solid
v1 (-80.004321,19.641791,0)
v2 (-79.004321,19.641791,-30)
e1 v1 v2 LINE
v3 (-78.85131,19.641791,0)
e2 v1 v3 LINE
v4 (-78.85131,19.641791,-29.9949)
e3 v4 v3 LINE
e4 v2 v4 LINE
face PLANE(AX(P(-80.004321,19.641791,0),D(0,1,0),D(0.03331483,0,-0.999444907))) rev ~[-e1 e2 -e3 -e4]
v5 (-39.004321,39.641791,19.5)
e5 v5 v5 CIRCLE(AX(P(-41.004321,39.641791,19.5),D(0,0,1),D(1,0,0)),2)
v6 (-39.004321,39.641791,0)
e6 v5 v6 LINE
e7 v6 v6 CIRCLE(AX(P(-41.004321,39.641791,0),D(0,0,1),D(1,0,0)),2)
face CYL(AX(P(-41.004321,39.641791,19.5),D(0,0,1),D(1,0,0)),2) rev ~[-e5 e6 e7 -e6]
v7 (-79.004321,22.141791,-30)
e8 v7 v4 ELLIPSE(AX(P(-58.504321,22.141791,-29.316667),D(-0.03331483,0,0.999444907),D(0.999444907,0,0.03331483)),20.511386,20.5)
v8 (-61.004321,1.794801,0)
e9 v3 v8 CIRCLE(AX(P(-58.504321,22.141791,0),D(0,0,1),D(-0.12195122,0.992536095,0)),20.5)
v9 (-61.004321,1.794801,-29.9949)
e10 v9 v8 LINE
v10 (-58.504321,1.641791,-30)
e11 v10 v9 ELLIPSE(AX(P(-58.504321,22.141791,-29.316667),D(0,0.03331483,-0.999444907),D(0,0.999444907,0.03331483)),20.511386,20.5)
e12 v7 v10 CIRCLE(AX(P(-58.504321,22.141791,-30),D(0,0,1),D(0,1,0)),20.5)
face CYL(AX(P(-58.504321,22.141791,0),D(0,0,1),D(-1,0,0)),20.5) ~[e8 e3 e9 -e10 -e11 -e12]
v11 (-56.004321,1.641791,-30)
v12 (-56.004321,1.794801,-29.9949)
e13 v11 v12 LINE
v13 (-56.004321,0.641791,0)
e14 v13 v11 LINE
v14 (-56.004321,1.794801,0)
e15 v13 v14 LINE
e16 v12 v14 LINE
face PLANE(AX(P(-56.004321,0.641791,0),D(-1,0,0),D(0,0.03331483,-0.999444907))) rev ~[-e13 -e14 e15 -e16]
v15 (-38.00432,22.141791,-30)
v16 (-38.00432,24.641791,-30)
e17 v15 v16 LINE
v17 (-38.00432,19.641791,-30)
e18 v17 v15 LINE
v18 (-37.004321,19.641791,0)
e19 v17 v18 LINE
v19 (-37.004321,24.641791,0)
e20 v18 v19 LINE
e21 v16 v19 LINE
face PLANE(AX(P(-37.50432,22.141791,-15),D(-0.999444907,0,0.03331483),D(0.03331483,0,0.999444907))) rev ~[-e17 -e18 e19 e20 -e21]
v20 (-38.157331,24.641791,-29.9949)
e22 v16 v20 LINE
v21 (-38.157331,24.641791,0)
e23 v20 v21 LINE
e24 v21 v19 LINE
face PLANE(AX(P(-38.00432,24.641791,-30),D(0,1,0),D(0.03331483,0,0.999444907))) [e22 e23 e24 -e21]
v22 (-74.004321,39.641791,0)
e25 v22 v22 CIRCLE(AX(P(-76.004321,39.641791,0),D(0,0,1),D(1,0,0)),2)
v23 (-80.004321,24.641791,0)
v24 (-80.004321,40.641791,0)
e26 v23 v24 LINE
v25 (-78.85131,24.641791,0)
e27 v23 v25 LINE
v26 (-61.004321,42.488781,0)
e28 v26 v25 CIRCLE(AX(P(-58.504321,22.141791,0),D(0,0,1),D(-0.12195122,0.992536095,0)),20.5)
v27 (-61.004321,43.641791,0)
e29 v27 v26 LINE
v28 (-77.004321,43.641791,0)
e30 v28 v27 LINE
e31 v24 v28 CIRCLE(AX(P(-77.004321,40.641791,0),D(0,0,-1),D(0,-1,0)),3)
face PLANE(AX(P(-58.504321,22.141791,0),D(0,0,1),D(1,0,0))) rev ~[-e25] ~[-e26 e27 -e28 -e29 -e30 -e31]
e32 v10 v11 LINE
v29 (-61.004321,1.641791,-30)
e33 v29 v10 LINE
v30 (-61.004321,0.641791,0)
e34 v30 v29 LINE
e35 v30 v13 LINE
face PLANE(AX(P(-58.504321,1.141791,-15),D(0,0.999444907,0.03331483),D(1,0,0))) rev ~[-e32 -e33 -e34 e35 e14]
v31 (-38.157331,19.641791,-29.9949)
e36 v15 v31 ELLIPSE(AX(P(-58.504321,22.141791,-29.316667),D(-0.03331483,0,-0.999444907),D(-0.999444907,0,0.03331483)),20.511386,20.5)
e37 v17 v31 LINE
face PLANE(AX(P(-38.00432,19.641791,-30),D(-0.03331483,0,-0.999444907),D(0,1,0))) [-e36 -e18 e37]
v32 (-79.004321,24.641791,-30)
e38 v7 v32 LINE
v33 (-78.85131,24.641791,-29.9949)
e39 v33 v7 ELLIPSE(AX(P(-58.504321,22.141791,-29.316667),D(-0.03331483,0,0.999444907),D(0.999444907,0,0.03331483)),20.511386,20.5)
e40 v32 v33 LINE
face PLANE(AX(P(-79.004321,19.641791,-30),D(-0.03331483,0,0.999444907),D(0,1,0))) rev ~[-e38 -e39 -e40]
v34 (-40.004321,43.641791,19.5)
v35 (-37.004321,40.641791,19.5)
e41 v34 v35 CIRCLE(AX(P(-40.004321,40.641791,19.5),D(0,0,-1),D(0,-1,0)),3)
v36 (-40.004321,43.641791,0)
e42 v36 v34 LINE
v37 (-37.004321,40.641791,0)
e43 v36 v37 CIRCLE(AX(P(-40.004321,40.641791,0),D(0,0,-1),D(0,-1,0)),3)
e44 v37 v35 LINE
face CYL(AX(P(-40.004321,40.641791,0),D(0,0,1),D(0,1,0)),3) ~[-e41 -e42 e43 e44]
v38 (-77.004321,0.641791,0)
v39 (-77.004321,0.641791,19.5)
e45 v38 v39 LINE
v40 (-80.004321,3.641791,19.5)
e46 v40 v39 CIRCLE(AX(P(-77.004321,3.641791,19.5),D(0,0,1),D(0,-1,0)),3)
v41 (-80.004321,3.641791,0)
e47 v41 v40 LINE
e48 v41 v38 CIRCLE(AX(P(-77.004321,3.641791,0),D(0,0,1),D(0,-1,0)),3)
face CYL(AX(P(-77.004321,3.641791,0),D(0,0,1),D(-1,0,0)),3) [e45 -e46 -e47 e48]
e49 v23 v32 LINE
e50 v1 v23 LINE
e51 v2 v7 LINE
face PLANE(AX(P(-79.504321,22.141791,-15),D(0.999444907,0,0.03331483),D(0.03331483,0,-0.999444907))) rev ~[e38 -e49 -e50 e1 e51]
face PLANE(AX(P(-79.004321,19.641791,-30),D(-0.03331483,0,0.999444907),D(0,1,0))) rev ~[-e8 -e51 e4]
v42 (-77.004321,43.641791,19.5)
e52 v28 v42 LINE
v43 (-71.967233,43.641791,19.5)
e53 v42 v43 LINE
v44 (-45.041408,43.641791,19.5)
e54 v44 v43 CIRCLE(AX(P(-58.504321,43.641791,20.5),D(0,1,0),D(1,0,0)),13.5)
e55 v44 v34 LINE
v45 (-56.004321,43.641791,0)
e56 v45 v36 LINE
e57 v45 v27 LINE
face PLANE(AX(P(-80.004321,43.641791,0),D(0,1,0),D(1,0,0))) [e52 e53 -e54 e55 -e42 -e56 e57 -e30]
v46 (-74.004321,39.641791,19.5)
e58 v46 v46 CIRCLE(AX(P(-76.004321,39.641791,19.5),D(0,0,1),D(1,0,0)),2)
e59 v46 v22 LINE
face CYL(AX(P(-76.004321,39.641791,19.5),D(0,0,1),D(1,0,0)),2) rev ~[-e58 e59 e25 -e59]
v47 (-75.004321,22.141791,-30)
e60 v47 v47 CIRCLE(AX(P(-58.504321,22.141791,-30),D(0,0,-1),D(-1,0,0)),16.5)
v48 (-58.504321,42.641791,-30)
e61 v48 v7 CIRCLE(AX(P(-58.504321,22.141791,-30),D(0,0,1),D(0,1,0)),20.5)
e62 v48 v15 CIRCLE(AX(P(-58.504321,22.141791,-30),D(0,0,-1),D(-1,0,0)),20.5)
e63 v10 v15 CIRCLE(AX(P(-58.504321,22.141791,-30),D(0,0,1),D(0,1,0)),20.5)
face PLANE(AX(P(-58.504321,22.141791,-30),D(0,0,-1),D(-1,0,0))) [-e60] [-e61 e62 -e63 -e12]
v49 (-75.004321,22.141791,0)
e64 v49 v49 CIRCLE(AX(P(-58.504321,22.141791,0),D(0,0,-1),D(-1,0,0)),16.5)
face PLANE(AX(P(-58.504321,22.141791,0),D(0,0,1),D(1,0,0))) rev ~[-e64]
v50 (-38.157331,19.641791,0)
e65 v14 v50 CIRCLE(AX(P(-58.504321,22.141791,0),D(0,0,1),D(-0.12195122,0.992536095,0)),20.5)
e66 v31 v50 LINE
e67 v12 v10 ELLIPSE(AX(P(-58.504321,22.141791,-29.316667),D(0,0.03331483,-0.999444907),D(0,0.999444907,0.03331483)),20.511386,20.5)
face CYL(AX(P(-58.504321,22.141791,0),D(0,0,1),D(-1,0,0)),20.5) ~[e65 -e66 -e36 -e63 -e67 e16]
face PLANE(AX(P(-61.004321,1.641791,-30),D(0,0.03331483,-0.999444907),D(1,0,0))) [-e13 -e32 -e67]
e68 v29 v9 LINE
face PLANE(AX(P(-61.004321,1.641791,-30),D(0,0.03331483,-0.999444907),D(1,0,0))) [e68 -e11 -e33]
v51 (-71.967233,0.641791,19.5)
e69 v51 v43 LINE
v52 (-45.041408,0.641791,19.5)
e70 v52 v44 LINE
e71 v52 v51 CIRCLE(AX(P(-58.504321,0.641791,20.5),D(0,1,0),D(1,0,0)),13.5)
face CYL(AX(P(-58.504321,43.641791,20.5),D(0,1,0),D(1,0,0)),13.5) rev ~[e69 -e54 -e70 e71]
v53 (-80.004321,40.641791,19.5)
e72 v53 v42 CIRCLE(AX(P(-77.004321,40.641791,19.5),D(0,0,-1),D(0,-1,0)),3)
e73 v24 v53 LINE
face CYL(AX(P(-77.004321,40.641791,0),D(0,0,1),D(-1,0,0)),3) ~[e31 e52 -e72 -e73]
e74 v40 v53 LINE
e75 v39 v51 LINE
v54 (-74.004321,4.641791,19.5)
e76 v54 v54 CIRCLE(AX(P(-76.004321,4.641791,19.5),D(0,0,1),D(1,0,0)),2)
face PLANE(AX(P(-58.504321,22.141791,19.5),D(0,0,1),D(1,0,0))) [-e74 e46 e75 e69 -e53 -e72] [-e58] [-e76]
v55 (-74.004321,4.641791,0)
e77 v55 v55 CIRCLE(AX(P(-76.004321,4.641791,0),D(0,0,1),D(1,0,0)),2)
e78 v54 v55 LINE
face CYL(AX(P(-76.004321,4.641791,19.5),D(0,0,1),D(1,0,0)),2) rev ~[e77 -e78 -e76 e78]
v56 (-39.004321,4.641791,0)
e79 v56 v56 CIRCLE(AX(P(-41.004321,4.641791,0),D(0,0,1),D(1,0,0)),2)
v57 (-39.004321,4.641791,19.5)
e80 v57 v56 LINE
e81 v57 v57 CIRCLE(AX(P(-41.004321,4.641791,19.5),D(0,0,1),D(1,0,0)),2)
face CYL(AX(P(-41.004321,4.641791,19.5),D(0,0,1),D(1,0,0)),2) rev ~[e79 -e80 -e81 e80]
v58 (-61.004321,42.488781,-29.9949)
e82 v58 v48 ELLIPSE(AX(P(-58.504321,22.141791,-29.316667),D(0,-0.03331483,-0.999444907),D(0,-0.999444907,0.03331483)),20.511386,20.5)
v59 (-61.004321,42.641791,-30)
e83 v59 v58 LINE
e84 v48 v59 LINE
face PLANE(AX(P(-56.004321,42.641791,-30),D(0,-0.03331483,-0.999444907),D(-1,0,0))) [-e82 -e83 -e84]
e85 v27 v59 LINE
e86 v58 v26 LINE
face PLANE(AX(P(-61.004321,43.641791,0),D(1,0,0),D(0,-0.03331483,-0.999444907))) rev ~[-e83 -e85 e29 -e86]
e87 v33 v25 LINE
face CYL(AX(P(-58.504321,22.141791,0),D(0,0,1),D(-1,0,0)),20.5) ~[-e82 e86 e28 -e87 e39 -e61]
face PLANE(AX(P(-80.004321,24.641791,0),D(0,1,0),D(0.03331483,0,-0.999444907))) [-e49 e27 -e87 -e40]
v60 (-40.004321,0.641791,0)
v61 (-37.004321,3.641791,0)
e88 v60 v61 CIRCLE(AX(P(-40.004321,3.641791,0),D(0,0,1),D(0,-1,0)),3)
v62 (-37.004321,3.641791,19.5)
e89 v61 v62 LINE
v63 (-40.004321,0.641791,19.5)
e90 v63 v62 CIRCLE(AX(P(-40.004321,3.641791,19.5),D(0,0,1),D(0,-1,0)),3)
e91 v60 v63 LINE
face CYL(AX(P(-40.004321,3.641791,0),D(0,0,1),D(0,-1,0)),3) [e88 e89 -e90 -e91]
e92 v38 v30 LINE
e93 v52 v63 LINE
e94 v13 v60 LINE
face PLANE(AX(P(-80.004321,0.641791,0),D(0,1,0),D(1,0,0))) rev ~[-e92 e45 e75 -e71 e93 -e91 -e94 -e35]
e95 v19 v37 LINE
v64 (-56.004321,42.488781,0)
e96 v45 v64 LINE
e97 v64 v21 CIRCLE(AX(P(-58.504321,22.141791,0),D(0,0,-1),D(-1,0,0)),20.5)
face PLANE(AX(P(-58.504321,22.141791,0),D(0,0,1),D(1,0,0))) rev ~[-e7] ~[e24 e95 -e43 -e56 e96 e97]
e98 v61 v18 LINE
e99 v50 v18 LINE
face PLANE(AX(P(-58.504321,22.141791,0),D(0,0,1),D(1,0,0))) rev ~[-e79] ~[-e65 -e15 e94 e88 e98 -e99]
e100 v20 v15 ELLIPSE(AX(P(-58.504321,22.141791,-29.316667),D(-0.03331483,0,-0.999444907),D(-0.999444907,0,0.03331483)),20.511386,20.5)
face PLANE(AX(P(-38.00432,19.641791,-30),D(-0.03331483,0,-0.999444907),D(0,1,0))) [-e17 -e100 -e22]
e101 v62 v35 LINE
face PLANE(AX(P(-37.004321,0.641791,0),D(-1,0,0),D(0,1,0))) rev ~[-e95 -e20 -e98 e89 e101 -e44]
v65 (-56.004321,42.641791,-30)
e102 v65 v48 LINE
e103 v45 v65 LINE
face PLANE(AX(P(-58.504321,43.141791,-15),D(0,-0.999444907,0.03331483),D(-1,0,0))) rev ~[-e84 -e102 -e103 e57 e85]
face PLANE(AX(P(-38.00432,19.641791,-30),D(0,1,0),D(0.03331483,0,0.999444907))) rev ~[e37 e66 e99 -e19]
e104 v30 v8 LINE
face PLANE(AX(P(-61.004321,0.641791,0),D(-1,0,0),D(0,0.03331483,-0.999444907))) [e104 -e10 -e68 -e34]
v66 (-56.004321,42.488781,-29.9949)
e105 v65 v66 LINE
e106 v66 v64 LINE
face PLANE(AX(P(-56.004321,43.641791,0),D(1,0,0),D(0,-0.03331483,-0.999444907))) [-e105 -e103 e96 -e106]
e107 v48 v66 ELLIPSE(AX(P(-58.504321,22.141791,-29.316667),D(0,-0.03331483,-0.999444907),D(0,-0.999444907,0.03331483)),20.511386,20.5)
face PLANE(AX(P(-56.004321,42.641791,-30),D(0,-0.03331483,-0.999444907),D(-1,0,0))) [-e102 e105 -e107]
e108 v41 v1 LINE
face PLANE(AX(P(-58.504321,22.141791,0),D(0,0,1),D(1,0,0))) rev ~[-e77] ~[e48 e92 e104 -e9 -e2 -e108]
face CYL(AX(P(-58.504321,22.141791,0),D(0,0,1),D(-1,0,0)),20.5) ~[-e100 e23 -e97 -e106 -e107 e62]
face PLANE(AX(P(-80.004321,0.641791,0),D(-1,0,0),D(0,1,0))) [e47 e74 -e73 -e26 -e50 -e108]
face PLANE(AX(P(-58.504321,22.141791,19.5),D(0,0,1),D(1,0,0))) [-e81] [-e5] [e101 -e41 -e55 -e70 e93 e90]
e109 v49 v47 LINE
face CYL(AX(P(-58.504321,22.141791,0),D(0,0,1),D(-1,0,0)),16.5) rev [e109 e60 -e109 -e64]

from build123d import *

# Parameters (mm, degrees)
CROQUIS1_W              = 43
CROQUIS1_H              = 43
SALIENTE_EXTRUIR1_DEPTH = 19.5
CROQUIS2_R              = 13.5
CORTAR_EXTRUIR1_DEPTH   = 44
CROQUIS3_R              = 2
CORTAR_EXTRUIR2_DEPTH   = 20.5
REDONDEO1_R             = 3
CROQUIS5_R              = 20.5
CROQUIS5_R_2            = 16.5
SALIENTE_EXTRUIR2_DEPTH = 30
EXTRUIR_L_MINA1_REACH   = 45.626
CROQUIS7_W              = 5
CROQUIS7_H              = 30.01666204
EXTRUIR_L_MINA2_REACH   = 45.626
CROQUIS8_W              = 30.01666204
CROQUIS8_H              = 5
EXTRUIR_L_MINA3_REACH   = 45.626
CROQUIS9_W              = 5
CROQUIS9_H              = 30.016662039
EXTRUIR_L_MINA4_REACH   = 45.626
CROQUIS10_W             = 30.016662039
CROQUIS10_H             = 5


with BuildPart() as part:
    # Croquis1 → Saliente-Extruir1 (new body)
    with BuildSketch(Plane.XY):
        with Locations((-58.504320503, 22.141791045)):
            Rectangle(CROQUIS1_W, CROQUIS1_H)
    extrude(amount=SALIENTE_EXTRUIR1_DEPTH)

    # Croquis2 → Cortar-Extruir1 (cut, through all)
    with BuildSketch(Plane(origin=(0, 43.641791045, 0), x_dir=(1, 0, 0), z_dir=(0, 1, 0))):
        with Locations((-58.504320503, -20.5)):
            Circle(CROQUIS2_R)
    extrude(amount=-CORTAR_EXTRUIR1_DEPTH, mode=Mode.SUBTRACT)

    # Croquis3 → Cortar-Extruir2 (cut, through all)
    with BuildSketch(Plane.XY.offset(19.5)):
        with Locations((-76.004320503, 39.641791045)):
            Circle(CROQUIS3_R)
        with Locations((-41.004320503, 39.641791045)):
            Circle(CROQUIS3_R)
        with Locations((-41.004320503, 4.641791045)):
            Circle(CROQUIS3_R)
        with Locations((-76.004320503, 4.641791045)):
            Circle(CROQUIS3_R)
    extrude(amount=-CORTAR_EXTRUIR2_DEPTH, mode=Mode.SUBTRACT)

    # Redondeo1
    redondeo1_edges = [part.edges().sort_by_distance(p)[0] for p in [
        (-80.004320503, 43.641791045, 9.75),
        (-37.004320503, 43.641791045, 9.75),
        (-37.004320503, 0.641791045, 9.75),
        (-80.004320503, 0.641791045, 9.75),
    ]]
    fillet(redondeo1_edges, radius=REDONDEO1_R)

    # Croquis5 → Saliente-Extruir2 (add)
    with BuildSketch(Plane(origin=(0, 0, 0), x_dir=(-1, 0, 0), z_dir=(0, 0, -1))):
        with Locations((58.504320503, 22.141791045)):
            Circle(CROQUIS5_R)
        with Locations((58.504320503, 22.141791045)):
            Circle(CROQUIS5_R_2, mode=Mode.SUBTRACT)
    extrude(amount=SALIENTE_EXTRUIR2_DEPTH)

    # Croquis7 → Extruir-Lámina1 (add, up to next)
    with BuildSketch(Plane(origin=(0, 43.593353985, -1.453111799), x_dir=(-1, 0, 0), z_dir=(0, -0.999444907, 0.03331483)), mode=Mode.PRIVATE) as extruir_l_mina1_sk1:
        with Locations((58.504320503, 13.55441216)):
            Rectangle(CROQUIS7_W, CROQUIS7_H)
    extruir_l_mina1_tool1 = extrude(extruir_l_mina1_sk1.sketch, amount=EXTRUIR_L_MINA1_REACH, mode=Mode.PRIVATE) - part.part
    add(extruir_l_mina1_tool1.solids().sort_by_distance((-58.504321, 43.141791, -15))[0])

    # Croquis8 → Extruir-Lámina2 (add, up to next)
    with BuildSketch(Plane(origin=(-36.963250225, 0, 1.232108341), x_dir=(0.03331483, 0, 0.999444907), z_dir=(-0.999444907, 0, 0.03331483)), mode=Mode.PRIVATE) as extruir_l_mina2_sk1:
        with Locations((-16.241123675, 22.141791045)):
            Rectangle(CROQUIS8_W, CROQUIS8_H)
    extruir_l_mina2_tool1 = extrude(extruir_l_mina2_sk1.sketch, amount=EXTRUIR_L_MINA2_REACH, mode=Mode.PRIVATE) - part.part
    add(extruir_l_mina2_tool1.solids().sort_by_distance((-37.504321, 22.141791, -15))[0])

    # Croquis9 → Extruir-Lámina3 (add, up to next)
    with BuildSketch(Plane(origin=(0, 0.641078735, 0.021369291), x_dir=(1, 0, 0), z_dir=(0, 0.999444907, 0.03331483)), mode=Mode.PRIVATE) as extruir_l_mina3_sk1:
        with Locations((-58.504320503, 15.02971218)):
            Rectangle(CROQUIS9_W, CROQUIS9_H)
    extruir_l_mina3_tool1 = extrude(extruir_l_mina3_sk1.sketch, amount=EXTRUIR_L_MINA3_REACH, mode=Mode.PRIVATE) - part.part
    add(extruir_l_mina3_tool1.solids().sort_by_distance((-58.504321, 1.141791, -15))[0])

    # Croquis10 → Extruir-Lámina4 (add, up to next)
    with BuildSketch(Plane(origin=(-79.915525474, 0, -2.663850849), x_dir=(0.03331483, 0, -0.999444907), z_dir=(0.999444907, 0, 0.03331483)), mode=Mode.PRIVATE) as extruir_l_mina4_sk1:
        with Locations((12.343000664, 22.141791045)):
            Rectangle(CROQUIS10_W, CROQUIS10_H)
    extruir_l_mina4_tool1 = extrude(extruir_l_mina4_sk1.sketch, amount=EXTRUIR_L_MINA4_REACH, mode=Mode.PRIVATE) - part.part
    add(extruir_l_mina4_tool1.solids().sort_by_distance((-79.504321, 22.141791, -15))[0])


solid = part.part
